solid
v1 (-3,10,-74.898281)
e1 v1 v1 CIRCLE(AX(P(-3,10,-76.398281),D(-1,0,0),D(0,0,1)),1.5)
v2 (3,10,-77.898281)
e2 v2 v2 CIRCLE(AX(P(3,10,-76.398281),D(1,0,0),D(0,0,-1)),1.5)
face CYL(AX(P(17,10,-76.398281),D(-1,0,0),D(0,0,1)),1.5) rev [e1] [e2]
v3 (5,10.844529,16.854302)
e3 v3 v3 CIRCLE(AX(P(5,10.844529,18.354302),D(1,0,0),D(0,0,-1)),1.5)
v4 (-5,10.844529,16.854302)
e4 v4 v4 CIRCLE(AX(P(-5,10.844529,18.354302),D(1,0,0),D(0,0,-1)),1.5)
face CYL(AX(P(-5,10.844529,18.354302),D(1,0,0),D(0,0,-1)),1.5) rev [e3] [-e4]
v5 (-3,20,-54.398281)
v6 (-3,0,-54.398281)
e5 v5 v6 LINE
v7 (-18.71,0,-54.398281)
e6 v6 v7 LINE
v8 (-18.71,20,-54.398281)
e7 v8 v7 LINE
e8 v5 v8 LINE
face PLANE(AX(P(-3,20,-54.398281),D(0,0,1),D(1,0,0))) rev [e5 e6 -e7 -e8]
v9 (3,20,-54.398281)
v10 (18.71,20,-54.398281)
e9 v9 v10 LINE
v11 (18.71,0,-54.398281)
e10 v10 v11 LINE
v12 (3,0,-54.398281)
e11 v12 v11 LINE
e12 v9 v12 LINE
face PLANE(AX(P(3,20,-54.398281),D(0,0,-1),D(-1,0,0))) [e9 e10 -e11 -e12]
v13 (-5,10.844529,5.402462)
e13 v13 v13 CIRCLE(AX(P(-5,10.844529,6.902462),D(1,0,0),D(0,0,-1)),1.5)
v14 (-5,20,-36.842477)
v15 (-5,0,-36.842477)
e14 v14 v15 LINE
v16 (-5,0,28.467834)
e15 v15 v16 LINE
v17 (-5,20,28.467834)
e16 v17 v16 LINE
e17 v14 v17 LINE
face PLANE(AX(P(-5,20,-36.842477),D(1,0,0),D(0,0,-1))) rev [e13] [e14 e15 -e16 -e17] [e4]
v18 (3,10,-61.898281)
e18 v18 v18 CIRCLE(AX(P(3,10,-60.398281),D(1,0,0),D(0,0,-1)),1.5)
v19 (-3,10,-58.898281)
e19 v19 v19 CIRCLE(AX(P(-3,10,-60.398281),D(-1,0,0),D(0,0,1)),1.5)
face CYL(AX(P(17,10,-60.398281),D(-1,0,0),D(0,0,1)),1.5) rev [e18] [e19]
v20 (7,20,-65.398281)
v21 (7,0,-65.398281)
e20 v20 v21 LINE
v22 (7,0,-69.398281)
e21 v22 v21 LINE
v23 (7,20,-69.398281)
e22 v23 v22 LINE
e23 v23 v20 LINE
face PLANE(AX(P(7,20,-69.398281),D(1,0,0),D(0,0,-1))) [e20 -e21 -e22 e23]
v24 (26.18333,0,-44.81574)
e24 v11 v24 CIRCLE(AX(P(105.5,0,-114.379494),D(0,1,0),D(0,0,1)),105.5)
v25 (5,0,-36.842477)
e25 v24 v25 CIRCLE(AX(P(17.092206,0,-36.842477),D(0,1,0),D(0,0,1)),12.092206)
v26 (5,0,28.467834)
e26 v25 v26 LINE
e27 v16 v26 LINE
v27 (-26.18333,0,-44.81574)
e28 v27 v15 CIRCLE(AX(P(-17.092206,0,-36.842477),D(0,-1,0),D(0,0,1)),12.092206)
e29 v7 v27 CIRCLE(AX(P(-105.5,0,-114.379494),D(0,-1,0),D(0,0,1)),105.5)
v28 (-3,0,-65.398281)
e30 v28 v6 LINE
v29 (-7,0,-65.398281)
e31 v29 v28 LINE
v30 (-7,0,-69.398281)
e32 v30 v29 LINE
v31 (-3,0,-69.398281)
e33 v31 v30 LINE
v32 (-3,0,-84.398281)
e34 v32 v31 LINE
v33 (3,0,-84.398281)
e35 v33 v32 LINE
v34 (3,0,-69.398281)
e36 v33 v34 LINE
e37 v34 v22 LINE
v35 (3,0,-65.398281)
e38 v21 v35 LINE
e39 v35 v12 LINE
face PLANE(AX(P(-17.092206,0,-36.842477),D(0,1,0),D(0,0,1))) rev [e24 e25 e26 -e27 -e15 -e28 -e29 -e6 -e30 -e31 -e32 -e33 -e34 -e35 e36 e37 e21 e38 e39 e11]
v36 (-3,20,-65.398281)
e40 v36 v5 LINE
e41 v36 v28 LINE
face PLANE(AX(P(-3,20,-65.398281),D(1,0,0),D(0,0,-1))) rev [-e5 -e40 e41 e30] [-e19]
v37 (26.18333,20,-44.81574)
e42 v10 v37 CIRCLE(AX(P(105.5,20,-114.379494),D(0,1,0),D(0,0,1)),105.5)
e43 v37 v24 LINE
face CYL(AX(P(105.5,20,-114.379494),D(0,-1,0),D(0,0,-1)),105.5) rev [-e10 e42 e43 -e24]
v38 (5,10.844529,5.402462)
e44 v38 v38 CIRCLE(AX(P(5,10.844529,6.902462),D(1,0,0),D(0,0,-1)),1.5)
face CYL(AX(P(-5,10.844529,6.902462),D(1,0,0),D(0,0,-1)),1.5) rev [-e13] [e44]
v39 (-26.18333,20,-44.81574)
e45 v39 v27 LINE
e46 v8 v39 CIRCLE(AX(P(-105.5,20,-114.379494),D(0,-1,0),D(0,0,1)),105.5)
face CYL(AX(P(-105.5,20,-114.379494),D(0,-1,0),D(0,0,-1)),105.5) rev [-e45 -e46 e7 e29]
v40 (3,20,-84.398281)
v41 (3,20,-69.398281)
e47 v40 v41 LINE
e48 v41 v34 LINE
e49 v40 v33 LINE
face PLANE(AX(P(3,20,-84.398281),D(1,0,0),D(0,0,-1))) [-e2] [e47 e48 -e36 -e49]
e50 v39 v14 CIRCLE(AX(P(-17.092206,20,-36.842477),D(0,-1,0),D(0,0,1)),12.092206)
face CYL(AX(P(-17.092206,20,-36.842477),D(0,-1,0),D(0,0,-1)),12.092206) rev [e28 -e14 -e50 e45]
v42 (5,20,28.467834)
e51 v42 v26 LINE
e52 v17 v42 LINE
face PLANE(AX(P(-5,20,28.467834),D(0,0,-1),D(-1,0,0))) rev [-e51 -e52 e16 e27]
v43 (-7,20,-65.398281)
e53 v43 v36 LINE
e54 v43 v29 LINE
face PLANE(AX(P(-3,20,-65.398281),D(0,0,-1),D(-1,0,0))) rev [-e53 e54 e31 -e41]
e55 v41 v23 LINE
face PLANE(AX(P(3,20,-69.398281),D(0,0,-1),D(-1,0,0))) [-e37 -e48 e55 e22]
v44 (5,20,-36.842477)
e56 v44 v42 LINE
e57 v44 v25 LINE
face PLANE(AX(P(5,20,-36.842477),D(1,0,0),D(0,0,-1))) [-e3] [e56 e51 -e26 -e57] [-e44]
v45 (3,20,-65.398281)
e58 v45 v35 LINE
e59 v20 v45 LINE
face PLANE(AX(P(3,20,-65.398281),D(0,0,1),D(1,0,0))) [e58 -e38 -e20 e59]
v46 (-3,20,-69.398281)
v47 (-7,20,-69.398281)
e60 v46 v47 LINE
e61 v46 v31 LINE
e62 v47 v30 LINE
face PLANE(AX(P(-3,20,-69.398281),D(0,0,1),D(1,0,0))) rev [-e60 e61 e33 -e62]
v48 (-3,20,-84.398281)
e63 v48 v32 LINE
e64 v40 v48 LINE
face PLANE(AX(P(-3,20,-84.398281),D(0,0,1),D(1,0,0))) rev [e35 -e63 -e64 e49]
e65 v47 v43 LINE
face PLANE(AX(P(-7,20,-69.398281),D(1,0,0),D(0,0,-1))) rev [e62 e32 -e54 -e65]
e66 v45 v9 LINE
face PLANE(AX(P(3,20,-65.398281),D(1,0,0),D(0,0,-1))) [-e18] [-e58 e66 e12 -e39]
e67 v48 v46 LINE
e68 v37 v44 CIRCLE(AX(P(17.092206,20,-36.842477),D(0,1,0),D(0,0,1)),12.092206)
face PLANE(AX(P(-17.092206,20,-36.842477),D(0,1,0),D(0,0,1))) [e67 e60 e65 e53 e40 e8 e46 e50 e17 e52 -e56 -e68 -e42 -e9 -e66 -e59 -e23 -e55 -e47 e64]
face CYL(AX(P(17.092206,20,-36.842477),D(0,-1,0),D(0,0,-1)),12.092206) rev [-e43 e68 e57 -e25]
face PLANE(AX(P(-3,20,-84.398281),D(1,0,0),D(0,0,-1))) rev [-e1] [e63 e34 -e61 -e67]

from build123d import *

# Parameters (mm, degrees)
BOSS_EXTRU_1_DEPTH      = 20
ESQUISSE3_R             = 1.5
ENL_V_MAT_EXTRU_3_DEPTH = 20
ESQUISSE4_R             = 1.5
ENL_V_MAT_EXTRU_4_DEPTH = 10
ESQUISSE5_R             = 1.5
ENL_V_MAT_EXTRU_5_DEPTH = 10


with BuildPart() as part:
    # Esquisse1 → Boss.-Extru.1 (new body)
    with BuildSketch(Plane(origin=(0, 0, 0), x_dir=(1, 0, 0), z_dir=(0, 1, 0))):
        with BuildLine():
            Line((-3, 84.398281038), (-3, 69.398281038))
            Line((-3, 69.398281038), (-7, 69.398281038))
            Line((-7, 69.398281038), (-7, 65.398281038))
            Line((-7, 65.398281038), (-3, 65.398281038))
            Line((-3, 65.398281038), (-3, 54.398281038))
            Line((-3, 54.398281038), (-18.71, 54.398281038))
            ThreePointArc((-18.71, 54.398281038), (-22.308577777, 49.499317693), (-26.183329952, 44.81574006))
            ThreePointArc((-26.183329952, 44.81574006), (-12.83252844, 48.159570073), (-5, 36.842476876))
            Line((-5, 36.842476876), (-5, -28.467834127))
            Line((-5, -28.467834127), (0, -28.467834127))
            Line((0, -28.467834127), (0, 84.398281038))
            Line((0, 84.398281038), (-3, 84.398281038))
        make_face()
    boss_extru_1 = extrude(amount=BOSS_EXTRU_1_DEPTH)

    # Symétrie1: Boss.-Extru.1 across plane
    add(boss_extru_1.mirror(Plane(origin=(0, 20, -84.398281038), x_dir=(0, 0, 1), z_dir=(-1, 0, 0))))

    # Esquisse3 → Enlèv. mat.-Extru.3 (cut)
    with BuildSketch(Plane.ZY.offset(3)):
        with Locations((-76.398281038, 10)):
            Circle(ESQUISSE3_R)
        with Locations((-60.398281038, 10)):
            Circle(ESQUISSE3_R)
    extrude(amount=-ENL_V_MAT_EXTRU_3_DEPTH, mode=Mode.SUBTRACT)

    # Esquisse4 → Enlèv. mat.-Extru.4 (cut)
    with BuildSketch(Plane(origin=(5, 0, 0), x_dir=(0, 0, -1), z_dir=(1, 0, 0))):
        with Locations((-18.354301853, 10.844529297)):
            Circle(ESQUISSE4_R)
    extrude(amount=-ENL_V_MAT_EXTRU_4_DEPTH, mode=Mode.SUBTRACT)

    # Esquisse5 → Enlèv. mat.-Extru.5 (cut)
    with BuildSketch(Plane(origin=(5, 0, 0), x_dir=(0, 0, -1), z_dir=(1, 0, 0))):
        with Locations((-6.902461617, 10.844529297)):
            Circle(ESQUISSE5_R)
    extrude(amount=-ENL_V_MAT_EXTRU_5_DEPTH, mode=Mode.SUBTRACT)


solid = part.part
